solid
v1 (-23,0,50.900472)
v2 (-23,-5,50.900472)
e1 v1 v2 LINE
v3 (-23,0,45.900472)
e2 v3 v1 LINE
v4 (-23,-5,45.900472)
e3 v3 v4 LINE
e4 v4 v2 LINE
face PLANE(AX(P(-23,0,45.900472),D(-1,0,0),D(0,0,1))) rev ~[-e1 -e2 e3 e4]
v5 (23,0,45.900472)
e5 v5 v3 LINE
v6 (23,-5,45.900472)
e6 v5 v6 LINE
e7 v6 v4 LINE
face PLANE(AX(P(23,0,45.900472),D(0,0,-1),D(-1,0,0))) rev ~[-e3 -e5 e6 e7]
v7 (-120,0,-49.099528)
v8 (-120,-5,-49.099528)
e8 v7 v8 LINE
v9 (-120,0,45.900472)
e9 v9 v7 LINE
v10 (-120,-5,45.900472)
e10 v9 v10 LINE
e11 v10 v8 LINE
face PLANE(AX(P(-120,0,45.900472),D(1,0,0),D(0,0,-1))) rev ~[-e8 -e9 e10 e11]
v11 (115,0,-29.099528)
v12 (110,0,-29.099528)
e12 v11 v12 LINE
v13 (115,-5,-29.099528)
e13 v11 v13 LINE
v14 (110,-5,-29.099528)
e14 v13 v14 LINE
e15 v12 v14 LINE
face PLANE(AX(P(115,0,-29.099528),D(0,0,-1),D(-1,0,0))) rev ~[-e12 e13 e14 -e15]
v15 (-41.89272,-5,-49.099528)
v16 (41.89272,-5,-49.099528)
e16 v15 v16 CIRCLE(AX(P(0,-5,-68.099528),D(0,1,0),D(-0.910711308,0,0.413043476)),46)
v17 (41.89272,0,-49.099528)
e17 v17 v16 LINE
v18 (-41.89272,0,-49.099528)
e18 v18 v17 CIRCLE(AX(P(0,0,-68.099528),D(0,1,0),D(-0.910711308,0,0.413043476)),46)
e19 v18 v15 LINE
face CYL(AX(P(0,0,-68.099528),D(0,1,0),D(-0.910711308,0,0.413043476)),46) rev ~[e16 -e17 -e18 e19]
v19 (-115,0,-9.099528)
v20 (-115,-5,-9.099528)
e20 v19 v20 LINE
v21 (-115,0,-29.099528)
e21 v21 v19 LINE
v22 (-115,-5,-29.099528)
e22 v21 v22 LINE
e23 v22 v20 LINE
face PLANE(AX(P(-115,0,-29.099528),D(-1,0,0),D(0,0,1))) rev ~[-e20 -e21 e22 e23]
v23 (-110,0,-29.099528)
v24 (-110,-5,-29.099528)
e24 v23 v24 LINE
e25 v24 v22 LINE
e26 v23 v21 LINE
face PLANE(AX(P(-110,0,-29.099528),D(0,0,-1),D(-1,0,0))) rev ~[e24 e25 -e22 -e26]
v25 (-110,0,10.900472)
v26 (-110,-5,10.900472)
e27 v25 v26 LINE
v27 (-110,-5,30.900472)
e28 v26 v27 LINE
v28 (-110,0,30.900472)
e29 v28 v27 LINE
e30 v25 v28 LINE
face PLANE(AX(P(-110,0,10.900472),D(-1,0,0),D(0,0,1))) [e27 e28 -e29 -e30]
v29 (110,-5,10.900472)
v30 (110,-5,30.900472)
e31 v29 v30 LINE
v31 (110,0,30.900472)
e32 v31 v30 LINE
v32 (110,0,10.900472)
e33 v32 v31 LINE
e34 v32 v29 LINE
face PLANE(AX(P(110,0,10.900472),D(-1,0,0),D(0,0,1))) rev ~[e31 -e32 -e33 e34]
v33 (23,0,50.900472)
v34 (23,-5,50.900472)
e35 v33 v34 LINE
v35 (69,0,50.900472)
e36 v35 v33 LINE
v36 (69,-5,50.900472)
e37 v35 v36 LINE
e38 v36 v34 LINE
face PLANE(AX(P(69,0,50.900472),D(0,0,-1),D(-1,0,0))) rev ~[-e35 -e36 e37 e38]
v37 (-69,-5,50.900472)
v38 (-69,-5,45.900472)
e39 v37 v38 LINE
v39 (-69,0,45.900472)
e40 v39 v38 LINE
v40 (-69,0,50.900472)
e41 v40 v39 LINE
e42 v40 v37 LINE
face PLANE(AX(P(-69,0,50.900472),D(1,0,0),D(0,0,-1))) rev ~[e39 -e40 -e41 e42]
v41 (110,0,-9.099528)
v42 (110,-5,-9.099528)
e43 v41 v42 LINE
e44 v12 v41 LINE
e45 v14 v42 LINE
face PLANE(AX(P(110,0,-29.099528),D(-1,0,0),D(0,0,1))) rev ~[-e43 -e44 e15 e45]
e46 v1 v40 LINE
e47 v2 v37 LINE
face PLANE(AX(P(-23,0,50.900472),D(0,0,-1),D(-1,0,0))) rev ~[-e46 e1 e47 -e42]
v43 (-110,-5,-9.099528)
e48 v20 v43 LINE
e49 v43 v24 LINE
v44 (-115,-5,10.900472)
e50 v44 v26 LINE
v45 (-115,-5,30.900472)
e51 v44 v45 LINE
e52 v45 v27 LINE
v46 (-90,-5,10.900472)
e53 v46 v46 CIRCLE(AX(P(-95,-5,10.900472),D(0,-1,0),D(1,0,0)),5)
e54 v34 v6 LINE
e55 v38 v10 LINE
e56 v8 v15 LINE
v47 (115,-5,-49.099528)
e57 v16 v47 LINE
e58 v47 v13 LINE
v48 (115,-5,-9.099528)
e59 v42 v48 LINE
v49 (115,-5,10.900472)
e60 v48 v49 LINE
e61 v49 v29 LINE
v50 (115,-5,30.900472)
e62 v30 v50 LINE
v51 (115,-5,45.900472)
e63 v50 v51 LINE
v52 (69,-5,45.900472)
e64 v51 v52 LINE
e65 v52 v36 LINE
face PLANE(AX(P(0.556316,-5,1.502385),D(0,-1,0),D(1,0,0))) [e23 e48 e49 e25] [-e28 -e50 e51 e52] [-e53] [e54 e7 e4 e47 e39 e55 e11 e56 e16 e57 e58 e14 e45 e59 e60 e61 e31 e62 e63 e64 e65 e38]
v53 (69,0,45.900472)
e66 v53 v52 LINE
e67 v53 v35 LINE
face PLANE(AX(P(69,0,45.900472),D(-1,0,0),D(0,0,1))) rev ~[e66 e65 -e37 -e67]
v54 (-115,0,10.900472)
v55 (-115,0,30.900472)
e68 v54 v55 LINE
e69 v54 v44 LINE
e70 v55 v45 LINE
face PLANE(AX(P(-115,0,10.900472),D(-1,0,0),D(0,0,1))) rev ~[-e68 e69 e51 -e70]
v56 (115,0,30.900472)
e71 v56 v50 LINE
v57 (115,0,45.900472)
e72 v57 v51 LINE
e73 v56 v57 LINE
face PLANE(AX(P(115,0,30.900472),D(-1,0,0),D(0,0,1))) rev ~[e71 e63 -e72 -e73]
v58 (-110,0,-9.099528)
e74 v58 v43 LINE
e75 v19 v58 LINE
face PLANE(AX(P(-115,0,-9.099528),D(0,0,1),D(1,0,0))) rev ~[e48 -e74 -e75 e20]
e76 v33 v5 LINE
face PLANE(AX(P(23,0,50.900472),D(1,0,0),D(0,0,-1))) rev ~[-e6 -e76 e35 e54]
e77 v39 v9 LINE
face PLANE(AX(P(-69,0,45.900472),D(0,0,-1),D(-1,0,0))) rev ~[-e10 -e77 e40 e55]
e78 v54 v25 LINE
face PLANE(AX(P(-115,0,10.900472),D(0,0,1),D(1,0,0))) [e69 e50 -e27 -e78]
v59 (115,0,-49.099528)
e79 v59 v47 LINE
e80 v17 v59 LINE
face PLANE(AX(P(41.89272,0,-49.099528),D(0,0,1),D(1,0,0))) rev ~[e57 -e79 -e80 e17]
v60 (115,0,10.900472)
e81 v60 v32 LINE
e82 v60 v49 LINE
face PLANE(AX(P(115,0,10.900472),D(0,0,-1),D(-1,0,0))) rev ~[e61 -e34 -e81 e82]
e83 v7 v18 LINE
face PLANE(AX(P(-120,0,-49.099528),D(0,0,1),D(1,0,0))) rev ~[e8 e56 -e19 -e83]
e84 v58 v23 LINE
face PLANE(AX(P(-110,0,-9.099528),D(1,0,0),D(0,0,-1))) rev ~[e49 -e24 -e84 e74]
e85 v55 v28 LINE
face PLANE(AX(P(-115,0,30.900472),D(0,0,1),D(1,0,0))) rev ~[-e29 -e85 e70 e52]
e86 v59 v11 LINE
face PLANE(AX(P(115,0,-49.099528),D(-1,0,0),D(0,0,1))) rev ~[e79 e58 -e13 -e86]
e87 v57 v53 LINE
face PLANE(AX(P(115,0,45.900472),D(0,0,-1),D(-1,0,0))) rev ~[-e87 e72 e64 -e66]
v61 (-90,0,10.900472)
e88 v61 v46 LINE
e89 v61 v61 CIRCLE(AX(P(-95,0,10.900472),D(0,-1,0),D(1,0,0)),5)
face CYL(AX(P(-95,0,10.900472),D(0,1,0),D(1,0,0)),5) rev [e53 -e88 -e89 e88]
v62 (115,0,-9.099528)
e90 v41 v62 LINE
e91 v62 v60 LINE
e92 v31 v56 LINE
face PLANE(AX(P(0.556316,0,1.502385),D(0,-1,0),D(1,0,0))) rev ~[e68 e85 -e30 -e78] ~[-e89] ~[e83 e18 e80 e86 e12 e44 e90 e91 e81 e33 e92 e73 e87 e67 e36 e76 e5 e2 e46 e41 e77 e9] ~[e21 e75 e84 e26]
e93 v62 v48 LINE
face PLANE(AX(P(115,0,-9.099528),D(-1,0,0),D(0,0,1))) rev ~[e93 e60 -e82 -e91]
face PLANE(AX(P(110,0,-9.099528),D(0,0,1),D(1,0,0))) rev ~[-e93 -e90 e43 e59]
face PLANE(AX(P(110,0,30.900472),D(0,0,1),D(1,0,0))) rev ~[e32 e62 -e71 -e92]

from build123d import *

# Parameters (mm, degrees)
F0_R     = 5
F0_W     = 5
F0_H     = 20
F1_DEPTH = 5


with BuildPart() as f1:
    # F0 (on Front) → F1 (new body)
    with BuildSketch(Plane.XZ):
        with BuildLine():
            Line((41.89272, -49.099528), (110, -49.099528))
            Line((110, -49.099528), (115, -49.099528))
            Line((115, -49.099528), (115, -29.099528))
            Line((115, -29.099528), (110, -29.099528))
            Line((110, -29.099528), (110, -9.099528))
            Line((110, -9.099528), (115, -9.099528))
            Line((115, -9.099528), (115, 10.900472))
            Line((115, 10.900472), (110, 10.900472))
            Line((110, 10.900472), (110, 30.900472))
            Line((110, 30.900472), (115, 30.900472))
            Line((115, 30.900472), (115, 45.900472))
            Line((115, 45.900472), (69, 45.900472))
            Line((69, 45.900472), (69, 50.900472))
            Line((69, 50.900472), (23, 50.900472))
            Line((23, 50.900472), (23, 45.900472))
            Line((23, 45.900472), (-23, 45.900472))
            Line((-23, 45.900472), (-23, 50.900472))
            Line((-23, 50.900472), (-69, 50.900472))
            Line((-69, 50.900472), (-69, 45.900472))
            Line((-69, 45.900472), (-115, 45.900472))
            Line((-115, 45.900472), (-120, 45.900472))
            Line((-120, 45.900472), (-120, -49.099528))
            Line((-120, -49.099528), (-115, -49.099528))
            Line((-115, -49.099528), (-110, -49.099528))
            Line((-110, -49.099528), (-41.89272, -49.099528))
            ThreePointArc((-41.89272, -49.099528), (0, -22.099528), (41.89272, -49.099528))
        make_face()
        Polygon((-110, -29.099528), (-115, -29.099528), (-115, -9.099528), (-110, -9.099528), (-110, -19.099528), align=None, mode=Mode.SUBTRACT)
        with Locations((-95, 10.900472)):
            Circle(F0_R, mode=Mode.SUBTRACT)
        with Locations((-112.5, 20.900472)):
            Rectangle(F0_W, F0_H, mode=Mode.SUBTRACT)
    extrude(amount=F1_DEPTH)


solid = f1.part
